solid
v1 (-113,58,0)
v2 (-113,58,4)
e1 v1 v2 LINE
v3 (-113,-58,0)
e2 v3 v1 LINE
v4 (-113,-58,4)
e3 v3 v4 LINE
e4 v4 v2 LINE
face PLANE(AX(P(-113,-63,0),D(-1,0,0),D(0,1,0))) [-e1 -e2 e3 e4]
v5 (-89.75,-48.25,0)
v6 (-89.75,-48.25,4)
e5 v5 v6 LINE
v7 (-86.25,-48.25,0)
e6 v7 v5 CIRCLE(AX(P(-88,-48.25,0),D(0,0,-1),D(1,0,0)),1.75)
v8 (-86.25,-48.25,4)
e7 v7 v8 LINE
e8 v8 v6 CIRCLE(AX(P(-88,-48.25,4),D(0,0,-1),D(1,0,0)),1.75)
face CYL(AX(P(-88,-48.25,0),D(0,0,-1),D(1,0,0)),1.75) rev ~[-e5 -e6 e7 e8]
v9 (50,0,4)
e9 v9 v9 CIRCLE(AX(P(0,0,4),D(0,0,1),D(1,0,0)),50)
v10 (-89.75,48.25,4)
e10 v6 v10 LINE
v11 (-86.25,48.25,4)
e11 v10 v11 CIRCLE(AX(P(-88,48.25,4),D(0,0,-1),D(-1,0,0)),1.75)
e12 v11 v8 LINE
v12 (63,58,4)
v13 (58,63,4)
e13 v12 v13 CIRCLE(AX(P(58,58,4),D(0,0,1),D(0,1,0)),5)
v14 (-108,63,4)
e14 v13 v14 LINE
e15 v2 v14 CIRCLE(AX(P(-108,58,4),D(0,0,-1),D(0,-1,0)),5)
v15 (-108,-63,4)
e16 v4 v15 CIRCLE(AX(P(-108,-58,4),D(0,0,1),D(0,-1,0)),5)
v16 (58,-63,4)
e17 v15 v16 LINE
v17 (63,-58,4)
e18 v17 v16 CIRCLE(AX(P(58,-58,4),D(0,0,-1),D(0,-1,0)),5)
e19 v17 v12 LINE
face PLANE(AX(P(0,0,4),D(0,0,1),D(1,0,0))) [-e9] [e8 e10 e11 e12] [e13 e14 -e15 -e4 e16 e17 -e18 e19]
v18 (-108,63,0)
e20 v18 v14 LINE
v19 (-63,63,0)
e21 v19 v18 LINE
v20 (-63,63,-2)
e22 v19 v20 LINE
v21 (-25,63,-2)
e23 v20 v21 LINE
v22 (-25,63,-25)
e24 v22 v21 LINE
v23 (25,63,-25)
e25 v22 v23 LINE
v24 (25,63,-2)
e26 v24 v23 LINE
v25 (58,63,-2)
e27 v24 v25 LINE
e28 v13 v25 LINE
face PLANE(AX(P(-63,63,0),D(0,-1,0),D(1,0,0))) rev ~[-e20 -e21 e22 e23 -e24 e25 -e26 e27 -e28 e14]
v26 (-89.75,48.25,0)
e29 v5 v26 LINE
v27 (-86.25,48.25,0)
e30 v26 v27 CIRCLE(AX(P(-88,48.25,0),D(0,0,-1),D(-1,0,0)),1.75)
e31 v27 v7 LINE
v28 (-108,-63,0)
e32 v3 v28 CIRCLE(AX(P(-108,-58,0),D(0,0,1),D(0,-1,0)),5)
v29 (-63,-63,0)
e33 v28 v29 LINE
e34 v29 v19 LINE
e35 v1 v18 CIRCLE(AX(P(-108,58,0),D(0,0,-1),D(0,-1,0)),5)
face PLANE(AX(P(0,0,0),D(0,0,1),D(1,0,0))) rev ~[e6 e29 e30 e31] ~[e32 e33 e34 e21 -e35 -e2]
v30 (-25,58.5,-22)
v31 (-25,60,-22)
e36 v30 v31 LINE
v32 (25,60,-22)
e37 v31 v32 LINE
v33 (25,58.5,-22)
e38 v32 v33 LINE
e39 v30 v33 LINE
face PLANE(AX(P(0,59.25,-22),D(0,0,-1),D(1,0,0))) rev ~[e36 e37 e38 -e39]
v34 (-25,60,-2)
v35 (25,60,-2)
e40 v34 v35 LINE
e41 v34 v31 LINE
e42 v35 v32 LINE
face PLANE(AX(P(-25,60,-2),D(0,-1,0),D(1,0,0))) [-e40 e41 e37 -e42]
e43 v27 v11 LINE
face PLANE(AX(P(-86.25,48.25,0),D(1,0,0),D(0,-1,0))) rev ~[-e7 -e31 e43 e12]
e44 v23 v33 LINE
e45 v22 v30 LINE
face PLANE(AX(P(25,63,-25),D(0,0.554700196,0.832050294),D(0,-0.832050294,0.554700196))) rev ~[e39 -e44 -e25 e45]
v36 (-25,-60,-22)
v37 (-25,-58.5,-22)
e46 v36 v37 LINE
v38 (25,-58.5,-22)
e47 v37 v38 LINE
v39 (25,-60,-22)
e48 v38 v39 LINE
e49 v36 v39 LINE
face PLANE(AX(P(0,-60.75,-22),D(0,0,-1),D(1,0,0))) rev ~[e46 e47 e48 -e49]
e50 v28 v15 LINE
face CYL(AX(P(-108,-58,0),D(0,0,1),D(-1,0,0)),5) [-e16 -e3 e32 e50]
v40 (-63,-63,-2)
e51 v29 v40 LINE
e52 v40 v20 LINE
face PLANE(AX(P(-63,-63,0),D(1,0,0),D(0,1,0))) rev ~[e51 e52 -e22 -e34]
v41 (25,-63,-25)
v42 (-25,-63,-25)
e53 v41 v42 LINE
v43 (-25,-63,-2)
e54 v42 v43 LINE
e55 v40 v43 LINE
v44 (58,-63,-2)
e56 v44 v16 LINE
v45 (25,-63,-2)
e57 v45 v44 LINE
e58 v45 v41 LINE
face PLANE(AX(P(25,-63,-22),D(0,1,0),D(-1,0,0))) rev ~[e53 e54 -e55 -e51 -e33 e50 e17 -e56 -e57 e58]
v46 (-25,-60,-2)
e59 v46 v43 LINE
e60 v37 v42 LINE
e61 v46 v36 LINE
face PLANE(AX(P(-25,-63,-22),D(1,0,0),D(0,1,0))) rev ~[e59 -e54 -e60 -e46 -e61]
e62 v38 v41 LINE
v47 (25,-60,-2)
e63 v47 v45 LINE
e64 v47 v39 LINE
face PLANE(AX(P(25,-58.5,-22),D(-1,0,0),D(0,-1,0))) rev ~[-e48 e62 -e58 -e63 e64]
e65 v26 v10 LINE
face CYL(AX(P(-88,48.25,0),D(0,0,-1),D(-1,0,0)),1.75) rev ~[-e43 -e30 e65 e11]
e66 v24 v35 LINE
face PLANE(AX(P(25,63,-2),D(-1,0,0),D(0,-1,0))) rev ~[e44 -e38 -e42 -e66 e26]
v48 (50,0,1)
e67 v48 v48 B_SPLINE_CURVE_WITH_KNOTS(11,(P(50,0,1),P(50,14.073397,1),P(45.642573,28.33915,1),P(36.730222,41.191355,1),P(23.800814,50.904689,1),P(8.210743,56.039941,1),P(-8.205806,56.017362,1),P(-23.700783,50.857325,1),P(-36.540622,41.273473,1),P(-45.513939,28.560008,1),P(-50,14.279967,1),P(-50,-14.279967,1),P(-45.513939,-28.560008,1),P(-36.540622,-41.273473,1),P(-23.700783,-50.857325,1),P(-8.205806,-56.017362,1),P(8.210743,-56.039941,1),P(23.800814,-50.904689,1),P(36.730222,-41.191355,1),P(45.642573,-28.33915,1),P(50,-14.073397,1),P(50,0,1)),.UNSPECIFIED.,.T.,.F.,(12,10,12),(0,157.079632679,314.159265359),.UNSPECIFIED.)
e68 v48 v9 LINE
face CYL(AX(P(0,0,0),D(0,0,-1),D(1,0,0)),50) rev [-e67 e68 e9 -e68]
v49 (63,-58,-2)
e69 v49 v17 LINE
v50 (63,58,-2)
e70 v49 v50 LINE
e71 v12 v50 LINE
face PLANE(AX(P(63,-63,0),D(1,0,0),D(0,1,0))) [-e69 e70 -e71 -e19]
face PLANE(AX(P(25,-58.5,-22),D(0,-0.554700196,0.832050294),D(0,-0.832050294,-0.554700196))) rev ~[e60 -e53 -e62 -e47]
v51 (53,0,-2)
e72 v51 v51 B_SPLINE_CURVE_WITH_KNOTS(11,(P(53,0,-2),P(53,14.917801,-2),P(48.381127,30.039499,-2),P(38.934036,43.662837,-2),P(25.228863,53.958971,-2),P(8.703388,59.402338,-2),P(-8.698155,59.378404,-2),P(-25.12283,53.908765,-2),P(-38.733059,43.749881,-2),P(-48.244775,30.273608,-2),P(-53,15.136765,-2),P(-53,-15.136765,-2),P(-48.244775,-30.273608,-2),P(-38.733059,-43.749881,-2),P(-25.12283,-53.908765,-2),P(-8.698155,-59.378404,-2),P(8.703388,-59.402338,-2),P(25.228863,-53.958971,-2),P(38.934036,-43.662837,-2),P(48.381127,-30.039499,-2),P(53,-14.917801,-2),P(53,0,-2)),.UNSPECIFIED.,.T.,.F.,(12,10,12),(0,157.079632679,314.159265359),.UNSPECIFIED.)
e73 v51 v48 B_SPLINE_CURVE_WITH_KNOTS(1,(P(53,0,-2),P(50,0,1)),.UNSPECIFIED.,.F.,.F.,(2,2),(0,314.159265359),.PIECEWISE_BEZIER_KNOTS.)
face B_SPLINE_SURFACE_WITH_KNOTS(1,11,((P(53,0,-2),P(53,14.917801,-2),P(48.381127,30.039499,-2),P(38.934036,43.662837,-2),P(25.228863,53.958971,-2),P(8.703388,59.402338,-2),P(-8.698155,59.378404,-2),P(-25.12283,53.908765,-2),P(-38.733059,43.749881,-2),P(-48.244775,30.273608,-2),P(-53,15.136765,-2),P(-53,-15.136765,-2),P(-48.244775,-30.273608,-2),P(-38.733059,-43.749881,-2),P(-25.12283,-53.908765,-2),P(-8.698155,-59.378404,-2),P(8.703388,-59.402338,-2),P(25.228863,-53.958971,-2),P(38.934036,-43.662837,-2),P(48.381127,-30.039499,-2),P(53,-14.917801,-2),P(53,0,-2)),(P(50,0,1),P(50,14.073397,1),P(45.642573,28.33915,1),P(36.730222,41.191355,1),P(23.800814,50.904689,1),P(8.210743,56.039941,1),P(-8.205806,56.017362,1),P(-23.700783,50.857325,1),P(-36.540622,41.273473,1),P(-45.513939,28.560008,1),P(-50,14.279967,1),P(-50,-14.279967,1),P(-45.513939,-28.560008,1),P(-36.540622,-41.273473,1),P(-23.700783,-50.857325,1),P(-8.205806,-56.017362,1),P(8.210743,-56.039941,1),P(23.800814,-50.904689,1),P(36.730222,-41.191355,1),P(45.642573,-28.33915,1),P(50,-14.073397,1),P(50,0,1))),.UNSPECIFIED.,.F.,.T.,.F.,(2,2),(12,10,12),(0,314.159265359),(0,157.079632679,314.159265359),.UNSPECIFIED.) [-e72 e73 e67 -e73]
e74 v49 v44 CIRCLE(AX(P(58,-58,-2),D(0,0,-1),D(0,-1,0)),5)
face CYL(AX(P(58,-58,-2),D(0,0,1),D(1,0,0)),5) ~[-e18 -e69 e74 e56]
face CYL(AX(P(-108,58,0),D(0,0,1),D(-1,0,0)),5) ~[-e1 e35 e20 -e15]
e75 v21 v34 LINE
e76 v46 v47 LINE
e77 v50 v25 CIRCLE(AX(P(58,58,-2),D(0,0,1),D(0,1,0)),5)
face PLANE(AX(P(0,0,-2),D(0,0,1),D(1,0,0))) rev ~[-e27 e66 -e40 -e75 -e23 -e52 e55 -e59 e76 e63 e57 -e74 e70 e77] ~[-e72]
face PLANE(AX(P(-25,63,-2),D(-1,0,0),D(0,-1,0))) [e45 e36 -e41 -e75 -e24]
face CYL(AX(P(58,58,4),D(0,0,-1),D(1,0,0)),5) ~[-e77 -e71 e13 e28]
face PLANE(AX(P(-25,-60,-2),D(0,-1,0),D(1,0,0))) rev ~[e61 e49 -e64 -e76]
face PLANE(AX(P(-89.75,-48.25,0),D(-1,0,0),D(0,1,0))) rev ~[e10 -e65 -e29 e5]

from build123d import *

# Parameters (mm, degrees)
F0_W     = 126
F0_H     = 126
F0_W_2   = 120
F0_H_2   = 120
F0_R     = 50
F0_W_3   = 50
F1_DEPTH = 4
F2_DEPTH = 2
F3_R     = 5
F4_W     = 50
F4_H     = 3
F5_DEPTH = 20
F6_W     = 50
F6_H     = 1.5
F6_H_2   = 3
F7_DEPTH = 3
F9_DEPTH = 50
F10_SIZE = 3


with BuildPart() as f1:
    # F0 (on Top) → F1 (new body)
    with BuildSketch(Plane.XY):
        Rectangle(F0_W, F0_H)
        Rectangle(F0_W_2, F0_H_2, mode=Mode.SUBTRACT)
        Rectangle(F0_W_2, F0_H_2)
        Circle(F0_R, mode=Mode.SUBTRACT)
        with Locations((-88, 0)):
            Rectangle(F0_W_3, F0_H)
        with BuildLine():
            Line((-86.25, 48.25), (-86.25, -48.25))
            ThreePointArc((-86.25, -48.25), (-88, -50), (-89.75, -48.25))
            Line((-89.75, -48.25), (-89.75, 48.25))
            ThreePointArc((-89.75, 48.25), (-88, 50), (-86.25, 48.25))
        make_face(mode=Mode.SUBTRACT)
    extrude(amount=F1_DEPTH)

    # F0 (on Top) → F2 (join)
    with BuildSketch(Plane.XY):
        Rectangle(F0_W, F0_H)
        Rectangle(F0_W_2, F0_H_2, mode=Mode.SUBTRACT)
        Rectangle(F0_W_2, F0_H_2)
        Circle(F0_R, mode=Mode.SUBTRACT)
    extrude(amount=-F2_DEPTH)

    # F3
    f3_edges = [f1.edges().sort_by_distance(p)[0] for p in [
        (-113, 63, 2),
        (-113, -63, 2),
        (63, 63, 1),
        (63, -63, 1),
    ]]
    fillet(f3_edges, radius=F3_R)

    # F4 (on face) → F5 (join)
    with BuildSketch(Plane(origin=(0, 0, -2), x_dir=(1, 0, 0), z_dir=(0, 0, -1))):
        with Locations((0, 61.5)):
            Rectangle(F4_W, F4_H)
        with Locations((0, -61.5)):
            Rectangle(F4_W, F4_H)
    extrude(amount=F5_DEPTH)

    # F6 (on face) → F7 (join)
    with BuildSketch(Plane(origin=(0, 0, -22), x_dir=(1, 0, 0), z_dir=(0, 0, -1))):
        Polygon((-25, 60), (-25, 58.5), (25, 58.5), (25, 60), (25, 63), (-25, 63), align=None)
        with Locations((0, -59.25)):
            Rectangle(F6_W, F6_H)
        with Locations((0, -61.5)):
            Rectangle(F6_W, F6_H_2)
    extrude(amount=F7_DEPTH)

    # F8 (on face) → F9 (cut, through all)
    with BuildSketch(Plane.YZ.offset(25)):
        Polygon((-58.5, -25), (-58.5, -22), (-63, -25), align=None)
        Polygon((63, -25), (58.5, -22), (58.5, -25), align=None)
    extrude(amount=-F9_DEPTH, mode=Mode.SUBTRACT)

    # F10
    f10_edges = [f1.edges().sort_by_distance(p)[0] for p in [
        (-50, 0, -2),
    ]]
    chamfer(f10_edges, length=F10_SIZE)


solid = f1.part
